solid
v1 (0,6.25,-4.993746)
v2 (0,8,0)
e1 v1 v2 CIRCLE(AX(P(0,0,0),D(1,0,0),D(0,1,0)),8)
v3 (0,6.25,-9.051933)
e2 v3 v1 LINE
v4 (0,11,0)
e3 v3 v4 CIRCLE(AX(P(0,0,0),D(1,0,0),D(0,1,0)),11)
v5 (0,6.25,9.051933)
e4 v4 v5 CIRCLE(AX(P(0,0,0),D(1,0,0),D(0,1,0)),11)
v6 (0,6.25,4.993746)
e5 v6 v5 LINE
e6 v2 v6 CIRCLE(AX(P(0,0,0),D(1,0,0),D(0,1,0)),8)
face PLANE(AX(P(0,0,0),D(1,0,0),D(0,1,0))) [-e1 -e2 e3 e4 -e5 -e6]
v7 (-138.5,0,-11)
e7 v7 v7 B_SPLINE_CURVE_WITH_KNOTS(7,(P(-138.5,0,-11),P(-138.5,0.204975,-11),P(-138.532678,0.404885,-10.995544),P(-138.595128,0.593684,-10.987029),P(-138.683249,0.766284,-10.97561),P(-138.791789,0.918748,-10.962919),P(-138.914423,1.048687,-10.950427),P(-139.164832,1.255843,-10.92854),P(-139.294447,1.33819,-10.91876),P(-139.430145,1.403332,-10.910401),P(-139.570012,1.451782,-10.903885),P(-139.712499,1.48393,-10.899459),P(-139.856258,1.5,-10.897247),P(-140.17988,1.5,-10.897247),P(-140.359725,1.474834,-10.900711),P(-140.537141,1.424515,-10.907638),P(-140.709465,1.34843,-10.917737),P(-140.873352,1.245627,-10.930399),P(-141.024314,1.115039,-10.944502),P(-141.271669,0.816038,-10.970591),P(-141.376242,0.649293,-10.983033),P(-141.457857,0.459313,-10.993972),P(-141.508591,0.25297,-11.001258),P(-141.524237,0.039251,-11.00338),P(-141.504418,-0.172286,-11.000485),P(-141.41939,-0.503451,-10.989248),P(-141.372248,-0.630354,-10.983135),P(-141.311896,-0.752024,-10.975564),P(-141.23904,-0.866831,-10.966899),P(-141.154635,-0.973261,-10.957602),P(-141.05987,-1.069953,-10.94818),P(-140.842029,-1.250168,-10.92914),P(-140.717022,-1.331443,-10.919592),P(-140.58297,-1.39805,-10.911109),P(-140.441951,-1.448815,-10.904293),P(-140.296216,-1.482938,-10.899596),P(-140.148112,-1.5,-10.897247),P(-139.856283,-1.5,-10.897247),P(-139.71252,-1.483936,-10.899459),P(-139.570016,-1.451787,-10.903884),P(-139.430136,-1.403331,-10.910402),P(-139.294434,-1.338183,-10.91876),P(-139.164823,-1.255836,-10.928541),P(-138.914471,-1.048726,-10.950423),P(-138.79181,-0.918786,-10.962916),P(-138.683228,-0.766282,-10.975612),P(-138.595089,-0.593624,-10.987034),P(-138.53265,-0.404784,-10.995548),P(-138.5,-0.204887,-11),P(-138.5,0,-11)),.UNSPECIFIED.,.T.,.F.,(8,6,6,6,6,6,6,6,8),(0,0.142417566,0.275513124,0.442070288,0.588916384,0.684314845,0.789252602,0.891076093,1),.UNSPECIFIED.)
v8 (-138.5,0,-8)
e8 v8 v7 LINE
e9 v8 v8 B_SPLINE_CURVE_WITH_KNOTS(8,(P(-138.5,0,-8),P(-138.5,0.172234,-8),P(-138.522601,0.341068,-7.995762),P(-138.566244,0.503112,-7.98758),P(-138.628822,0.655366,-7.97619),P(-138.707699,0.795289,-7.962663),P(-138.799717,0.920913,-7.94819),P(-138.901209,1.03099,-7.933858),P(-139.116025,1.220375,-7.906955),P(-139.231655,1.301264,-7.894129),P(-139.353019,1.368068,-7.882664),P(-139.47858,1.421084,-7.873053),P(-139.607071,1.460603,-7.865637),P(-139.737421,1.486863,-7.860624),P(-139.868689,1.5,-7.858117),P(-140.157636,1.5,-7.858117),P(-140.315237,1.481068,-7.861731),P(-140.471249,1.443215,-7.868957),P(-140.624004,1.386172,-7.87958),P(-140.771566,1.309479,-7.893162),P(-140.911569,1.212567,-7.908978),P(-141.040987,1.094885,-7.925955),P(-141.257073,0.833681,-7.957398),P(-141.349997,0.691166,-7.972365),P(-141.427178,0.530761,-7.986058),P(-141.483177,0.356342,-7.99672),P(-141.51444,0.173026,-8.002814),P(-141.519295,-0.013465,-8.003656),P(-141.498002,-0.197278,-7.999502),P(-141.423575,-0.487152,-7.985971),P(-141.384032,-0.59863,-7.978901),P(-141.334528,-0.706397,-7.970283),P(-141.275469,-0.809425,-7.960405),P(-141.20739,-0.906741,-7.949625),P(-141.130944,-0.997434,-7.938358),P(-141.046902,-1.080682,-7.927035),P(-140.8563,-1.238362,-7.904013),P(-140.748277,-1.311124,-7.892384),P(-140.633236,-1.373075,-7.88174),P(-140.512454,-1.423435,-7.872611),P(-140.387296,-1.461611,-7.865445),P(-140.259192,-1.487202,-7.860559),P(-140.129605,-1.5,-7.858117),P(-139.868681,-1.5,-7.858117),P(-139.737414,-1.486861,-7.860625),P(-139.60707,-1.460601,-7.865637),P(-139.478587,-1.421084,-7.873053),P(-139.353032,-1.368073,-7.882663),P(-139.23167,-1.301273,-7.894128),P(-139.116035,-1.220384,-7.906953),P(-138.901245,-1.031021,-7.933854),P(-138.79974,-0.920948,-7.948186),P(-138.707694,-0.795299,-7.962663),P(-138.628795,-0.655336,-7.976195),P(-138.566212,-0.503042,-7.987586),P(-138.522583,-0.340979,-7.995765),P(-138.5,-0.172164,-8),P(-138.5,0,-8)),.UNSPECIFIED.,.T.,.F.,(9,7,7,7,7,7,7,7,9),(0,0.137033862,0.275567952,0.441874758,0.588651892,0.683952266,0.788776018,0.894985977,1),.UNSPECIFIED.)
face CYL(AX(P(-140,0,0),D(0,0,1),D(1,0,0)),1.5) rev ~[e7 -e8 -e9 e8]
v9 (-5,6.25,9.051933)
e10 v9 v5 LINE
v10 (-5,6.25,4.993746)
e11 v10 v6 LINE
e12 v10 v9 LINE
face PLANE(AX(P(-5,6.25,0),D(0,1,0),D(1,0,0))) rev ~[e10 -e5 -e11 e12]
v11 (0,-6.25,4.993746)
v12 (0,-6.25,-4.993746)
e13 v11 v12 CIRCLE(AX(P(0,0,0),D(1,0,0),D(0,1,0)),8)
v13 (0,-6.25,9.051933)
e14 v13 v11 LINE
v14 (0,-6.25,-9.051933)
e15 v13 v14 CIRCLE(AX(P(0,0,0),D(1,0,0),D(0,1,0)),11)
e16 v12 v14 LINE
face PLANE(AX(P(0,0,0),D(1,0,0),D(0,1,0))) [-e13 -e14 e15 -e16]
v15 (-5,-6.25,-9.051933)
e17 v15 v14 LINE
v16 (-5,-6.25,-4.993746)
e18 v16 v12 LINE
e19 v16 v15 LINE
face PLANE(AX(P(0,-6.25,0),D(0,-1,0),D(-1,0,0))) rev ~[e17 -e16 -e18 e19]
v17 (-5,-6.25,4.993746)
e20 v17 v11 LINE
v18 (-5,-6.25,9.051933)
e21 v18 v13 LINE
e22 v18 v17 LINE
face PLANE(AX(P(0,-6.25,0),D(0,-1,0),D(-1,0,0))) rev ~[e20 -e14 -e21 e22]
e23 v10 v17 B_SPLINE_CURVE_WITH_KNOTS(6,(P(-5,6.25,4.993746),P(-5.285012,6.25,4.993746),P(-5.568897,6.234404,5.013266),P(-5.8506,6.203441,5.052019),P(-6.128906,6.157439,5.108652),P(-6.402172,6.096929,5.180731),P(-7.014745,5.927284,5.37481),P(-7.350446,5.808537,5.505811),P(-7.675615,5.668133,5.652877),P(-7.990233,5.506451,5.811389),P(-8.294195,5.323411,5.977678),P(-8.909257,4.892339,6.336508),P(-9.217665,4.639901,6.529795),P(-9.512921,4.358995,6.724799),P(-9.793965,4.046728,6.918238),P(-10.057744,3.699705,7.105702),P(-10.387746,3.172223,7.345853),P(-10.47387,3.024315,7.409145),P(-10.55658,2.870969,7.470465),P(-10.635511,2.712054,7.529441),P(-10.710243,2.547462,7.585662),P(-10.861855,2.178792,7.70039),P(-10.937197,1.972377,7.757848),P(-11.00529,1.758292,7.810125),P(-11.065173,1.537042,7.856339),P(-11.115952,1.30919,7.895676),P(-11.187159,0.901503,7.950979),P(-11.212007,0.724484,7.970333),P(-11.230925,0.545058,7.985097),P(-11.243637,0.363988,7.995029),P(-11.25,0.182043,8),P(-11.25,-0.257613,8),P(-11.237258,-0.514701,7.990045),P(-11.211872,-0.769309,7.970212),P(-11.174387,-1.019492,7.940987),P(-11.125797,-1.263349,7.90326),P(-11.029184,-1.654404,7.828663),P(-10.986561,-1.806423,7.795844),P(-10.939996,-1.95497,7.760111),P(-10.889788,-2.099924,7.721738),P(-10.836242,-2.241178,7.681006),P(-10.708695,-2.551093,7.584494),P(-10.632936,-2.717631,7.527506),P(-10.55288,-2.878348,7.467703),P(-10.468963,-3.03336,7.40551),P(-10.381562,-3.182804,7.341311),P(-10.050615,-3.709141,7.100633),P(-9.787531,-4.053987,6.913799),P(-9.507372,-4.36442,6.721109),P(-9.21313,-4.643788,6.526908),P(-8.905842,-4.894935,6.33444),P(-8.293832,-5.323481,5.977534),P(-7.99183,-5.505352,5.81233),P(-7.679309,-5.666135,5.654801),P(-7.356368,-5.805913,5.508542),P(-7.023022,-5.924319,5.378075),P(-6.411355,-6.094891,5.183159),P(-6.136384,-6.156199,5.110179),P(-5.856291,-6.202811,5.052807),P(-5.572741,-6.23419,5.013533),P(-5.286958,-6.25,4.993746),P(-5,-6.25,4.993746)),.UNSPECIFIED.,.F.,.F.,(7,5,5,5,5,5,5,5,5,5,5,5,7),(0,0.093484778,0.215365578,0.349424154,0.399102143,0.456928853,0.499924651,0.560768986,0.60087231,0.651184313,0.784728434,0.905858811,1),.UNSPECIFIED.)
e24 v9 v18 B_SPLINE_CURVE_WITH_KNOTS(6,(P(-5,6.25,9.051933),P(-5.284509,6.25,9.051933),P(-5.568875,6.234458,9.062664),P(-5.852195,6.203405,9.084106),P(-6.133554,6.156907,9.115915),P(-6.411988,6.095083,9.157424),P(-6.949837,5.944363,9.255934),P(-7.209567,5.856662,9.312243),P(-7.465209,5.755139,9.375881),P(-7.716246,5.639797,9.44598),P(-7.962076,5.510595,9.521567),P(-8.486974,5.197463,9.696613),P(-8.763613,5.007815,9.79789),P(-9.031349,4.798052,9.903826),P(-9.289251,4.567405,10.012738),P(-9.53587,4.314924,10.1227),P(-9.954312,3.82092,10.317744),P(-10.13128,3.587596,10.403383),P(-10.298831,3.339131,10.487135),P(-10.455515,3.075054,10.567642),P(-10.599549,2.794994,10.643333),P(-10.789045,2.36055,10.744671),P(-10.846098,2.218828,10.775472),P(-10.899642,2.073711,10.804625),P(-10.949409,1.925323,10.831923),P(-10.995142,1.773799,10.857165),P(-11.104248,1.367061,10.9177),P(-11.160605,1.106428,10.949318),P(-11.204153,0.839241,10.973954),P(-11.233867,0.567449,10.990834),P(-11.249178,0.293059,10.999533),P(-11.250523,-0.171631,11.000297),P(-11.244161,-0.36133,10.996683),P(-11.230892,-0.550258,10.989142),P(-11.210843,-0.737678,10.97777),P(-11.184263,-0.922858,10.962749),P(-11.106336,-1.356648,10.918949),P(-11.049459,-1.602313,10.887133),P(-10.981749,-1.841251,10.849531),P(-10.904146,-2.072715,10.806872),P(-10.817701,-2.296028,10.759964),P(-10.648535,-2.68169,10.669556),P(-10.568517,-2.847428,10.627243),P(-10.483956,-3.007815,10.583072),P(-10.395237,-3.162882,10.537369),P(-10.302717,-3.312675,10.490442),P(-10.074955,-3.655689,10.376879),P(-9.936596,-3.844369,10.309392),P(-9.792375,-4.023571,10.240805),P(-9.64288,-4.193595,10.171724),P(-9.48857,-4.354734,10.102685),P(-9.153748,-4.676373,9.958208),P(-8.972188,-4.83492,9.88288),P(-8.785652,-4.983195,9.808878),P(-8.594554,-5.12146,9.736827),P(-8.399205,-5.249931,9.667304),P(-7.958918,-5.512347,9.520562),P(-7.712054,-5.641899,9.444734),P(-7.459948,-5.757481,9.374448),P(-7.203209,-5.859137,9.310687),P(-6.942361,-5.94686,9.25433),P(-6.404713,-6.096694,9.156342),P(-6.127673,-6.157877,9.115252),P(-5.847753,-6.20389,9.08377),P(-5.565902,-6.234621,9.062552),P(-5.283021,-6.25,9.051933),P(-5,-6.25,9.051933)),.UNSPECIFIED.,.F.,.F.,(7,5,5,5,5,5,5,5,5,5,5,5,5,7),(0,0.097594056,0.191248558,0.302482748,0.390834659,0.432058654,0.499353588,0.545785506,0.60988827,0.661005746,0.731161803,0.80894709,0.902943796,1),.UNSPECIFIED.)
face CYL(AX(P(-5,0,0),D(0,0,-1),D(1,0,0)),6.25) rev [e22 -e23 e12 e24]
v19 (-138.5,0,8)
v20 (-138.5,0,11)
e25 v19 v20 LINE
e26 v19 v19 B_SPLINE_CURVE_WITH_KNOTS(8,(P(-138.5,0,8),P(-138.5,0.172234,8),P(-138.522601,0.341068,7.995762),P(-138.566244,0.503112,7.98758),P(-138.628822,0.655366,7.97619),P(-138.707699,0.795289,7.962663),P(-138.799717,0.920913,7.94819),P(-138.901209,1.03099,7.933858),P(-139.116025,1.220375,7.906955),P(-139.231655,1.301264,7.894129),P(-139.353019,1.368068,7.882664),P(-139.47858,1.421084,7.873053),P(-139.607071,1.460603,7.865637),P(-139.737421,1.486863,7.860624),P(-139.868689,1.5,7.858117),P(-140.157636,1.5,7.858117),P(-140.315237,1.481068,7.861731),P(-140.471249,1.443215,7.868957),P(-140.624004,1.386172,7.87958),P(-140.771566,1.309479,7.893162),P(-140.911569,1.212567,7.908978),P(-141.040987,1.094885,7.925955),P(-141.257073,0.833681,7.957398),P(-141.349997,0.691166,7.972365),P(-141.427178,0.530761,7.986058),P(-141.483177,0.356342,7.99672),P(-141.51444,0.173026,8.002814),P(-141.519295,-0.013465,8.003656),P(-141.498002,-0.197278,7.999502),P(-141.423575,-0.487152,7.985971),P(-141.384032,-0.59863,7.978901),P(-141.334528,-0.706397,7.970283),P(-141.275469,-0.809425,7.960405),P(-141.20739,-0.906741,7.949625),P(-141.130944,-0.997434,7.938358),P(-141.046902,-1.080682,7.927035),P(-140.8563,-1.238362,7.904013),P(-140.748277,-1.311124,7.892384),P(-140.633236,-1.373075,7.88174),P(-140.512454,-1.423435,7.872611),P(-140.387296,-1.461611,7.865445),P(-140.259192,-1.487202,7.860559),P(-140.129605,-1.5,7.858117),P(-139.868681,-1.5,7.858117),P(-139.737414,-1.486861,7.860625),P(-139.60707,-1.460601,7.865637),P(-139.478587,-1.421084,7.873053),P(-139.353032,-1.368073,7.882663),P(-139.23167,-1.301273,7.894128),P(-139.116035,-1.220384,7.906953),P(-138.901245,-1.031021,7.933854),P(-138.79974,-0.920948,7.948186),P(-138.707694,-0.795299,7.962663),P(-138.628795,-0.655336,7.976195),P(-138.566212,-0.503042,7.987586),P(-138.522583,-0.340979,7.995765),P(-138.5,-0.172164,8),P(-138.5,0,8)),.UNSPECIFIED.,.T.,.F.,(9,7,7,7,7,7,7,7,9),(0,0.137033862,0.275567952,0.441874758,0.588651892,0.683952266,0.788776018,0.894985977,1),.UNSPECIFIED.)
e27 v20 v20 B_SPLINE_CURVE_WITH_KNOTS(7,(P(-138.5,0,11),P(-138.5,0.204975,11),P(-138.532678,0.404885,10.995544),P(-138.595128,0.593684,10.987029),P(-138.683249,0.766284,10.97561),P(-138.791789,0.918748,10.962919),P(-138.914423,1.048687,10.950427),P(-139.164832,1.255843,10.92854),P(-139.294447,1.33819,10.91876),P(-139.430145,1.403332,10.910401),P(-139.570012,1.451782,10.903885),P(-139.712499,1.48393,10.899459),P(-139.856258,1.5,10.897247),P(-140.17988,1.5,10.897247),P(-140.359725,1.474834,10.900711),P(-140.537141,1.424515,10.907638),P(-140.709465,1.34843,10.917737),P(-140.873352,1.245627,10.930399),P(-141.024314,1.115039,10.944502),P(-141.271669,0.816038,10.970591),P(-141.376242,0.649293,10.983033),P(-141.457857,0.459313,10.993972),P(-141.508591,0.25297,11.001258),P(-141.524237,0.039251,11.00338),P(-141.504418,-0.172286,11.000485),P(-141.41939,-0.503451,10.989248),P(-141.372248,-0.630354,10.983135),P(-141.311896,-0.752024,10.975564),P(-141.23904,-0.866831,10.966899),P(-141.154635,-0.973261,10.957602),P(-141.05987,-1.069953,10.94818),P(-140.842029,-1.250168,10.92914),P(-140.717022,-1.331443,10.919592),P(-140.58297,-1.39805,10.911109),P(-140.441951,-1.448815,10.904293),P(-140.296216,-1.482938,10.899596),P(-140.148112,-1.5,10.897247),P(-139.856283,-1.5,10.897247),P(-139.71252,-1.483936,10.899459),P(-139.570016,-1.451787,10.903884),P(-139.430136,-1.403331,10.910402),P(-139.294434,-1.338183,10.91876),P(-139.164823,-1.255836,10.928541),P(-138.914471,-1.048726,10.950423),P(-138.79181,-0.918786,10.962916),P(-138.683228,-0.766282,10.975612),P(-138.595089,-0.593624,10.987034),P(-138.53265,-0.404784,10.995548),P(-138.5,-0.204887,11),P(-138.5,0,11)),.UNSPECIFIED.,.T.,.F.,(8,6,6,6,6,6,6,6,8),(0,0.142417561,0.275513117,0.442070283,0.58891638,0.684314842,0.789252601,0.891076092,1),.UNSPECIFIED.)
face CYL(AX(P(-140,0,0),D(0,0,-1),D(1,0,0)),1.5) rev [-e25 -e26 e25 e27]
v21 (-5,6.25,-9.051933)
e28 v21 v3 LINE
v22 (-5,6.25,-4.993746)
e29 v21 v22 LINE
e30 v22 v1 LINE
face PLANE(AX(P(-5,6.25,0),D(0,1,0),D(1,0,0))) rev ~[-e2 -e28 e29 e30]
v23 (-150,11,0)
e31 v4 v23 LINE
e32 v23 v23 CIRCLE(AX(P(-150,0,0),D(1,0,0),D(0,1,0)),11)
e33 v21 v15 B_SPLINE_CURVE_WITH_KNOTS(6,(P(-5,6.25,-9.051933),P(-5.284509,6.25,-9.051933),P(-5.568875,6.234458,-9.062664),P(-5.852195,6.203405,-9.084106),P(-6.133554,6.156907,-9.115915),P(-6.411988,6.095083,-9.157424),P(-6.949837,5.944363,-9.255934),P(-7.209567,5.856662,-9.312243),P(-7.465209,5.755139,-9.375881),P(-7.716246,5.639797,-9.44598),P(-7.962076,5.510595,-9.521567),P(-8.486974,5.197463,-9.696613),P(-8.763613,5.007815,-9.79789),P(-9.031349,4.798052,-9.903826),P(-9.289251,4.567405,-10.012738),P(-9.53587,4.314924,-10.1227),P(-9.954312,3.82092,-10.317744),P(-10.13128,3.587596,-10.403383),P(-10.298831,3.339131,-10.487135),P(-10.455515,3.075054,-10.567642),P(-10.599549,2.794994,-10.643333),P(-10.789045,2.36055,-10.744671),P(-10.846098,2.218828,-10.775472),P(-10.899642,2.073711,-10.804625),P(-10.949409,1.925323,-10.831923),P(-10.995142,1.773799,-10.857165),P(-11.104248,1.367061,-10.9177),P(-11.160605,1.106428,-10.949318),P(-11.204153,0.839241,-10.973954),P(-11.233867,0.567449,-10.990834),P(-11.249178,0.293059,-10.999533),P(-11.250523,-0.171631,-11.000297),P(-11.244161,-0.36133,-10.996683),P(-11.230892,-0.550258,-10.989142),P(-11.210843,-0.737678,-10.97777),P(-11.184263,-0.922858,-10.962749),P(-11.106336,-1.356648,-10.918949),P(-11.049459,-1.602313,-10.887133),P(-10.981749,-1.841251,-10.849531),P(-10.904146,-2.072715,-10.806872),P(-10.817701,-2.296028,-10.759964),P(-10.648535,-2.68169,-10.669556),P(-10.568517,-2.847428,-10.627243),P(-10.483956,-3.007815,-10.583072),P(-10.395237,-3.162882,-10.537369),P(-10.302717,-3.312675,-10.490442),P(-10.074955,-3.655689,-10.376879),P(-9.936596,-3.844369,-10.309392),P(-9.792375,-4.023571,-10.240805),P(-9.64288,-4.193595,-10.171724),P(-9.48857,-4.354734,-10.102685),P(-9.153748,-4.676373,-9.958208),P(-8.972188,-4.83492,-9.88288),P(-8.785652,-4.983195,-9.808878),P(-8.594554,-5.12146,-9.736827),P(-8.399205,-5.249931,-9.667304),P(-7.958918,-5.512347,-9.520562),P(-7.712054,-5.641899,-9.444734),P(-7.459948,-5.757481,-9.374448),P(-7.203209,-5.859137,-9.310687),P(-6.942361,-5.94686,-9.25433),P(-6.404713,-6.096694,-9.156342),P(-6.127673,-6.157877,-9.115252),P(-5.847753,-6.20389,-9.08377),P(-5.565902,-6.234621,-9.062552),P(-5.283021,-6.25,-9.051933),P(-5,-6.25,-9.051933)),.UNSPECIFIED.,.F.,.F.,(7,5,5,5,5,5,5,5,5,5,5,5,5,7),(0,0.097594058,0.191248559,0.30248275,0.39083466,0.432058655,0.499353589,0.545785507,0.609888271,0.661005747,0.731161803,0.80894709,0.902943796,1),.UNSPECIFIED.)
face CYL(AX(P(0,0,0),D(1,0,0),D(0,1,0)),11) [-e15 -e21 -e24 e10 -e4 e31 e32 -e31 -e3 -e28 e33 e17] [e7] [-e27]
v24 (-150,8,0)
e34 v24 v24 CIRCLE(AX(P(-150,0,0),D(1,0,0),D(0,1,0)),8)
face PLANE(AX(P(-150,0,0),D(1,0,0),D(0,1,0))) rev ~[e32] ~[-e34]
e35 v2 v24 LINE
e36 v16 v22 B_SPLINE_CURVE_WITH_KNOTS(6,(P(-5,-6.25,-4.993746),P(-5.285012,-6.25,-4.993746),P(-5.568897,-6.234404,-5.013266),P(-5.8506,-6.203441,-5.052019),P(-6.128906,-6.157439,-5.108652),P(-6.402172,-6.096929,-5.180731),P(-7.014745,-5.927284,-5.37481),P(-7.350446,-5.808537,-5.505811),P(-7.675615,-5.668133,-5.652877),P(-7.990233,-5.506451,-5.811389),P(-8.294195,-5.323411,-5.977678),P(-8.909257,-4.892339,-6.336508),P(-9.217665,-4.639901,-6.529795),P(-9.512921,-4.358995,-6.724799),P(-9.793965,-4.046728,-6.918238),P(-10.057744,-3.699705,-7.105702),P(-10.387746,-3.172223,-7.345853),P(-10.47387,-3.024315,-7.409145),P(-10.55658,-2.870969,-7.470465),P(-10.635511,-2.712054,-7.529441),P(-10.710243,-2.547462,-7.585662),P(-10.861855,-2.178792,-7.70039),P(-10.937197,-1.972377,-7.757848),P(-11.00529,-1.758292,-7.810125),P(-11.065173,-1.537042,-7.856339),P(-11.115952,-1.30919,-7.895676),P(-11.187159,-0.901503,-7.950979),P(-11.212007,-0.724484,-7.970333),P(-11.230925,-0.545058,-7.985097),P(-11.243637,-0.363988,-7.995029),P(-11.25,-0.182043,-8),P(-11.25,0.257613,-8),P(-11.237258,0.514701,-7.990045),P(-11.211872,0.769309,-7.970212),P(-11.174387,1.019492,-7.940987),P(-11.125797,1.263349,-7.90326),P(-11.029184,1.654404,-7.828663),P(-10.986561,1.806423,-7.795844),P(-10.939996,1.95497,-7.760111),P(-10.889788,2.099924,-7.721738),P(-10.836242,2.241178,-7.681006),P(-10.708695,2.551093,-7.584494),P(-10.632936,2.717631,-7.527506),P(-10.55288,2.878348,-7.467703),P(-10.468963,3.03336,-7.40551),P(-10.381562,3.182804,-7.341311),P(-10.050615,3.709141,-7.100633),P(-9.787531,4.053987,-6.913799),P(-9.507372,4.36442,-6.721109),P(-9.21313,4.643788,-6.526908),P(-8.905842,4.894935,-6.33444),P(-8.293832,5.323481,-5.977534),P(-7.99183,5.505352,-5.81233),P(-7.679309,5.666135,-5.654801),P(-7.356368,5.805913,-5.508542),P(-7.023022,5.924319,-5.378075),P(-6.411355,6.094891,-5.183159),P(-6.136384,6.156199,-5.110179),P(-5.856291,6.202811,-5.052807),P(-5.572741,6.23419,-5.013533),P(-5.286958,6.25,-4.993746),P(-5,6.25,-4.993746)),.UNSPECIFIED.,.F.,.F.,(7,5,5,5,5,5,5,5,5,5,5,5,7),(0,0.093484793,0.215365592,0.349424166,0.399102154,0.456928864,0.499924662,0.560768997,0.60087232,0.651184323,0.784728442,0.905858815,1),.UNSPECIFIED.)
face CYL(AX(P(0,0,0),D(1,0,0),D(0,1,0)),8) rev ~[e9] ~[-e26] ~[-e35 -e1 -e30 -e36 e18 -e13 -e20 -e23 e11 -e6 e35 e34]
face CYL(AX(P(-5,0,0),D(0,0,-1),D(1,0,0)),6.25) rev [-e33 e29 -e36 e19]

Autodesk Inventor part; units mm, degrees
ref_plane "YZ Plane" through (0, 0, 0) normal (1, 0, 0) x (0, 1, 0)
ref_plane "XZ Plane" through (0, 0, 0) normal (0, 1, 0) x (-1, 0, 0)
ref_plane "XY Plane" through (0, 0, 0) normal (0, 0, 1) x (1, 0, 0)
sketch "スケッチ1" plane through (0, 0, 0) normal (1, 0, 0) x (0, 1, 0)
  circle A0 centre (0, 0) radius 11
  circle A1 centre (0, 0) radius 8
  dimension "d0" = 22
  dimension "d1" = 16
extrude "押し出し1" add sketch "スケッチ1" against normal blind 150
sketch "スケッチ2" plane through (0, 0, 0) normal (0, 0, 1) x (1, 0, 0)
  line L0 (0, 0) -> (0, 6.25)
  line L1 (0, 8) -> (0, -8) projected
  line L2 (0, 0) -> (0, -6.25)
  line L3 (0, -6.25) -> (-5, -6.25)
  line L4 (-5, -6.25) -> (-5, 6.25)
  line L5 (-5, 6.25) -> (0, 6.25)
  dimension "d4" = 6.25
  dimension "d5" = 6.25
  dimension "d6" = 5
extrude "押し出し2" cut sketch "スケッチ2" along normal mid plane 150
sketch "スケッチ3" plane through (0, 0, 0) normal (0, 0, 1) x (1, 0, 0)
  line L0 (-5, -6.25) -> (-5, 6.25) projected
  line L1 (-5, 6.25) -> (0, 6.25) projected
  circle A0 centre (-5, 0) radius 6.25
  point P0 (0, 0)
extrude "押し出し3" cut sketch "スケッチ3" along normal mid plane 150 contours A0 L0 picked at (-7.0681, 0.2511)
sketch "スケッチ4" plane through (0, 0, 0) normal (0, 0, 1) x (1, 0, 0)
  circle A0 centre (-140, 0) radius 1.5
  point P0 (0, 0)
  dimension "d11" = 3
extrude "押し出し4" cut sketch "スケッチ4" along normal mid plane 150
thread "ねじ1" size "M3x0.5" class "6H" standard "ANSI Metric M Profile" full length
thread "ねじ2" size "M3x0.5" class "6H" standard "ANSI Metric M Profile" full length
properties part number "VP16_200" material "PVC 配管"
